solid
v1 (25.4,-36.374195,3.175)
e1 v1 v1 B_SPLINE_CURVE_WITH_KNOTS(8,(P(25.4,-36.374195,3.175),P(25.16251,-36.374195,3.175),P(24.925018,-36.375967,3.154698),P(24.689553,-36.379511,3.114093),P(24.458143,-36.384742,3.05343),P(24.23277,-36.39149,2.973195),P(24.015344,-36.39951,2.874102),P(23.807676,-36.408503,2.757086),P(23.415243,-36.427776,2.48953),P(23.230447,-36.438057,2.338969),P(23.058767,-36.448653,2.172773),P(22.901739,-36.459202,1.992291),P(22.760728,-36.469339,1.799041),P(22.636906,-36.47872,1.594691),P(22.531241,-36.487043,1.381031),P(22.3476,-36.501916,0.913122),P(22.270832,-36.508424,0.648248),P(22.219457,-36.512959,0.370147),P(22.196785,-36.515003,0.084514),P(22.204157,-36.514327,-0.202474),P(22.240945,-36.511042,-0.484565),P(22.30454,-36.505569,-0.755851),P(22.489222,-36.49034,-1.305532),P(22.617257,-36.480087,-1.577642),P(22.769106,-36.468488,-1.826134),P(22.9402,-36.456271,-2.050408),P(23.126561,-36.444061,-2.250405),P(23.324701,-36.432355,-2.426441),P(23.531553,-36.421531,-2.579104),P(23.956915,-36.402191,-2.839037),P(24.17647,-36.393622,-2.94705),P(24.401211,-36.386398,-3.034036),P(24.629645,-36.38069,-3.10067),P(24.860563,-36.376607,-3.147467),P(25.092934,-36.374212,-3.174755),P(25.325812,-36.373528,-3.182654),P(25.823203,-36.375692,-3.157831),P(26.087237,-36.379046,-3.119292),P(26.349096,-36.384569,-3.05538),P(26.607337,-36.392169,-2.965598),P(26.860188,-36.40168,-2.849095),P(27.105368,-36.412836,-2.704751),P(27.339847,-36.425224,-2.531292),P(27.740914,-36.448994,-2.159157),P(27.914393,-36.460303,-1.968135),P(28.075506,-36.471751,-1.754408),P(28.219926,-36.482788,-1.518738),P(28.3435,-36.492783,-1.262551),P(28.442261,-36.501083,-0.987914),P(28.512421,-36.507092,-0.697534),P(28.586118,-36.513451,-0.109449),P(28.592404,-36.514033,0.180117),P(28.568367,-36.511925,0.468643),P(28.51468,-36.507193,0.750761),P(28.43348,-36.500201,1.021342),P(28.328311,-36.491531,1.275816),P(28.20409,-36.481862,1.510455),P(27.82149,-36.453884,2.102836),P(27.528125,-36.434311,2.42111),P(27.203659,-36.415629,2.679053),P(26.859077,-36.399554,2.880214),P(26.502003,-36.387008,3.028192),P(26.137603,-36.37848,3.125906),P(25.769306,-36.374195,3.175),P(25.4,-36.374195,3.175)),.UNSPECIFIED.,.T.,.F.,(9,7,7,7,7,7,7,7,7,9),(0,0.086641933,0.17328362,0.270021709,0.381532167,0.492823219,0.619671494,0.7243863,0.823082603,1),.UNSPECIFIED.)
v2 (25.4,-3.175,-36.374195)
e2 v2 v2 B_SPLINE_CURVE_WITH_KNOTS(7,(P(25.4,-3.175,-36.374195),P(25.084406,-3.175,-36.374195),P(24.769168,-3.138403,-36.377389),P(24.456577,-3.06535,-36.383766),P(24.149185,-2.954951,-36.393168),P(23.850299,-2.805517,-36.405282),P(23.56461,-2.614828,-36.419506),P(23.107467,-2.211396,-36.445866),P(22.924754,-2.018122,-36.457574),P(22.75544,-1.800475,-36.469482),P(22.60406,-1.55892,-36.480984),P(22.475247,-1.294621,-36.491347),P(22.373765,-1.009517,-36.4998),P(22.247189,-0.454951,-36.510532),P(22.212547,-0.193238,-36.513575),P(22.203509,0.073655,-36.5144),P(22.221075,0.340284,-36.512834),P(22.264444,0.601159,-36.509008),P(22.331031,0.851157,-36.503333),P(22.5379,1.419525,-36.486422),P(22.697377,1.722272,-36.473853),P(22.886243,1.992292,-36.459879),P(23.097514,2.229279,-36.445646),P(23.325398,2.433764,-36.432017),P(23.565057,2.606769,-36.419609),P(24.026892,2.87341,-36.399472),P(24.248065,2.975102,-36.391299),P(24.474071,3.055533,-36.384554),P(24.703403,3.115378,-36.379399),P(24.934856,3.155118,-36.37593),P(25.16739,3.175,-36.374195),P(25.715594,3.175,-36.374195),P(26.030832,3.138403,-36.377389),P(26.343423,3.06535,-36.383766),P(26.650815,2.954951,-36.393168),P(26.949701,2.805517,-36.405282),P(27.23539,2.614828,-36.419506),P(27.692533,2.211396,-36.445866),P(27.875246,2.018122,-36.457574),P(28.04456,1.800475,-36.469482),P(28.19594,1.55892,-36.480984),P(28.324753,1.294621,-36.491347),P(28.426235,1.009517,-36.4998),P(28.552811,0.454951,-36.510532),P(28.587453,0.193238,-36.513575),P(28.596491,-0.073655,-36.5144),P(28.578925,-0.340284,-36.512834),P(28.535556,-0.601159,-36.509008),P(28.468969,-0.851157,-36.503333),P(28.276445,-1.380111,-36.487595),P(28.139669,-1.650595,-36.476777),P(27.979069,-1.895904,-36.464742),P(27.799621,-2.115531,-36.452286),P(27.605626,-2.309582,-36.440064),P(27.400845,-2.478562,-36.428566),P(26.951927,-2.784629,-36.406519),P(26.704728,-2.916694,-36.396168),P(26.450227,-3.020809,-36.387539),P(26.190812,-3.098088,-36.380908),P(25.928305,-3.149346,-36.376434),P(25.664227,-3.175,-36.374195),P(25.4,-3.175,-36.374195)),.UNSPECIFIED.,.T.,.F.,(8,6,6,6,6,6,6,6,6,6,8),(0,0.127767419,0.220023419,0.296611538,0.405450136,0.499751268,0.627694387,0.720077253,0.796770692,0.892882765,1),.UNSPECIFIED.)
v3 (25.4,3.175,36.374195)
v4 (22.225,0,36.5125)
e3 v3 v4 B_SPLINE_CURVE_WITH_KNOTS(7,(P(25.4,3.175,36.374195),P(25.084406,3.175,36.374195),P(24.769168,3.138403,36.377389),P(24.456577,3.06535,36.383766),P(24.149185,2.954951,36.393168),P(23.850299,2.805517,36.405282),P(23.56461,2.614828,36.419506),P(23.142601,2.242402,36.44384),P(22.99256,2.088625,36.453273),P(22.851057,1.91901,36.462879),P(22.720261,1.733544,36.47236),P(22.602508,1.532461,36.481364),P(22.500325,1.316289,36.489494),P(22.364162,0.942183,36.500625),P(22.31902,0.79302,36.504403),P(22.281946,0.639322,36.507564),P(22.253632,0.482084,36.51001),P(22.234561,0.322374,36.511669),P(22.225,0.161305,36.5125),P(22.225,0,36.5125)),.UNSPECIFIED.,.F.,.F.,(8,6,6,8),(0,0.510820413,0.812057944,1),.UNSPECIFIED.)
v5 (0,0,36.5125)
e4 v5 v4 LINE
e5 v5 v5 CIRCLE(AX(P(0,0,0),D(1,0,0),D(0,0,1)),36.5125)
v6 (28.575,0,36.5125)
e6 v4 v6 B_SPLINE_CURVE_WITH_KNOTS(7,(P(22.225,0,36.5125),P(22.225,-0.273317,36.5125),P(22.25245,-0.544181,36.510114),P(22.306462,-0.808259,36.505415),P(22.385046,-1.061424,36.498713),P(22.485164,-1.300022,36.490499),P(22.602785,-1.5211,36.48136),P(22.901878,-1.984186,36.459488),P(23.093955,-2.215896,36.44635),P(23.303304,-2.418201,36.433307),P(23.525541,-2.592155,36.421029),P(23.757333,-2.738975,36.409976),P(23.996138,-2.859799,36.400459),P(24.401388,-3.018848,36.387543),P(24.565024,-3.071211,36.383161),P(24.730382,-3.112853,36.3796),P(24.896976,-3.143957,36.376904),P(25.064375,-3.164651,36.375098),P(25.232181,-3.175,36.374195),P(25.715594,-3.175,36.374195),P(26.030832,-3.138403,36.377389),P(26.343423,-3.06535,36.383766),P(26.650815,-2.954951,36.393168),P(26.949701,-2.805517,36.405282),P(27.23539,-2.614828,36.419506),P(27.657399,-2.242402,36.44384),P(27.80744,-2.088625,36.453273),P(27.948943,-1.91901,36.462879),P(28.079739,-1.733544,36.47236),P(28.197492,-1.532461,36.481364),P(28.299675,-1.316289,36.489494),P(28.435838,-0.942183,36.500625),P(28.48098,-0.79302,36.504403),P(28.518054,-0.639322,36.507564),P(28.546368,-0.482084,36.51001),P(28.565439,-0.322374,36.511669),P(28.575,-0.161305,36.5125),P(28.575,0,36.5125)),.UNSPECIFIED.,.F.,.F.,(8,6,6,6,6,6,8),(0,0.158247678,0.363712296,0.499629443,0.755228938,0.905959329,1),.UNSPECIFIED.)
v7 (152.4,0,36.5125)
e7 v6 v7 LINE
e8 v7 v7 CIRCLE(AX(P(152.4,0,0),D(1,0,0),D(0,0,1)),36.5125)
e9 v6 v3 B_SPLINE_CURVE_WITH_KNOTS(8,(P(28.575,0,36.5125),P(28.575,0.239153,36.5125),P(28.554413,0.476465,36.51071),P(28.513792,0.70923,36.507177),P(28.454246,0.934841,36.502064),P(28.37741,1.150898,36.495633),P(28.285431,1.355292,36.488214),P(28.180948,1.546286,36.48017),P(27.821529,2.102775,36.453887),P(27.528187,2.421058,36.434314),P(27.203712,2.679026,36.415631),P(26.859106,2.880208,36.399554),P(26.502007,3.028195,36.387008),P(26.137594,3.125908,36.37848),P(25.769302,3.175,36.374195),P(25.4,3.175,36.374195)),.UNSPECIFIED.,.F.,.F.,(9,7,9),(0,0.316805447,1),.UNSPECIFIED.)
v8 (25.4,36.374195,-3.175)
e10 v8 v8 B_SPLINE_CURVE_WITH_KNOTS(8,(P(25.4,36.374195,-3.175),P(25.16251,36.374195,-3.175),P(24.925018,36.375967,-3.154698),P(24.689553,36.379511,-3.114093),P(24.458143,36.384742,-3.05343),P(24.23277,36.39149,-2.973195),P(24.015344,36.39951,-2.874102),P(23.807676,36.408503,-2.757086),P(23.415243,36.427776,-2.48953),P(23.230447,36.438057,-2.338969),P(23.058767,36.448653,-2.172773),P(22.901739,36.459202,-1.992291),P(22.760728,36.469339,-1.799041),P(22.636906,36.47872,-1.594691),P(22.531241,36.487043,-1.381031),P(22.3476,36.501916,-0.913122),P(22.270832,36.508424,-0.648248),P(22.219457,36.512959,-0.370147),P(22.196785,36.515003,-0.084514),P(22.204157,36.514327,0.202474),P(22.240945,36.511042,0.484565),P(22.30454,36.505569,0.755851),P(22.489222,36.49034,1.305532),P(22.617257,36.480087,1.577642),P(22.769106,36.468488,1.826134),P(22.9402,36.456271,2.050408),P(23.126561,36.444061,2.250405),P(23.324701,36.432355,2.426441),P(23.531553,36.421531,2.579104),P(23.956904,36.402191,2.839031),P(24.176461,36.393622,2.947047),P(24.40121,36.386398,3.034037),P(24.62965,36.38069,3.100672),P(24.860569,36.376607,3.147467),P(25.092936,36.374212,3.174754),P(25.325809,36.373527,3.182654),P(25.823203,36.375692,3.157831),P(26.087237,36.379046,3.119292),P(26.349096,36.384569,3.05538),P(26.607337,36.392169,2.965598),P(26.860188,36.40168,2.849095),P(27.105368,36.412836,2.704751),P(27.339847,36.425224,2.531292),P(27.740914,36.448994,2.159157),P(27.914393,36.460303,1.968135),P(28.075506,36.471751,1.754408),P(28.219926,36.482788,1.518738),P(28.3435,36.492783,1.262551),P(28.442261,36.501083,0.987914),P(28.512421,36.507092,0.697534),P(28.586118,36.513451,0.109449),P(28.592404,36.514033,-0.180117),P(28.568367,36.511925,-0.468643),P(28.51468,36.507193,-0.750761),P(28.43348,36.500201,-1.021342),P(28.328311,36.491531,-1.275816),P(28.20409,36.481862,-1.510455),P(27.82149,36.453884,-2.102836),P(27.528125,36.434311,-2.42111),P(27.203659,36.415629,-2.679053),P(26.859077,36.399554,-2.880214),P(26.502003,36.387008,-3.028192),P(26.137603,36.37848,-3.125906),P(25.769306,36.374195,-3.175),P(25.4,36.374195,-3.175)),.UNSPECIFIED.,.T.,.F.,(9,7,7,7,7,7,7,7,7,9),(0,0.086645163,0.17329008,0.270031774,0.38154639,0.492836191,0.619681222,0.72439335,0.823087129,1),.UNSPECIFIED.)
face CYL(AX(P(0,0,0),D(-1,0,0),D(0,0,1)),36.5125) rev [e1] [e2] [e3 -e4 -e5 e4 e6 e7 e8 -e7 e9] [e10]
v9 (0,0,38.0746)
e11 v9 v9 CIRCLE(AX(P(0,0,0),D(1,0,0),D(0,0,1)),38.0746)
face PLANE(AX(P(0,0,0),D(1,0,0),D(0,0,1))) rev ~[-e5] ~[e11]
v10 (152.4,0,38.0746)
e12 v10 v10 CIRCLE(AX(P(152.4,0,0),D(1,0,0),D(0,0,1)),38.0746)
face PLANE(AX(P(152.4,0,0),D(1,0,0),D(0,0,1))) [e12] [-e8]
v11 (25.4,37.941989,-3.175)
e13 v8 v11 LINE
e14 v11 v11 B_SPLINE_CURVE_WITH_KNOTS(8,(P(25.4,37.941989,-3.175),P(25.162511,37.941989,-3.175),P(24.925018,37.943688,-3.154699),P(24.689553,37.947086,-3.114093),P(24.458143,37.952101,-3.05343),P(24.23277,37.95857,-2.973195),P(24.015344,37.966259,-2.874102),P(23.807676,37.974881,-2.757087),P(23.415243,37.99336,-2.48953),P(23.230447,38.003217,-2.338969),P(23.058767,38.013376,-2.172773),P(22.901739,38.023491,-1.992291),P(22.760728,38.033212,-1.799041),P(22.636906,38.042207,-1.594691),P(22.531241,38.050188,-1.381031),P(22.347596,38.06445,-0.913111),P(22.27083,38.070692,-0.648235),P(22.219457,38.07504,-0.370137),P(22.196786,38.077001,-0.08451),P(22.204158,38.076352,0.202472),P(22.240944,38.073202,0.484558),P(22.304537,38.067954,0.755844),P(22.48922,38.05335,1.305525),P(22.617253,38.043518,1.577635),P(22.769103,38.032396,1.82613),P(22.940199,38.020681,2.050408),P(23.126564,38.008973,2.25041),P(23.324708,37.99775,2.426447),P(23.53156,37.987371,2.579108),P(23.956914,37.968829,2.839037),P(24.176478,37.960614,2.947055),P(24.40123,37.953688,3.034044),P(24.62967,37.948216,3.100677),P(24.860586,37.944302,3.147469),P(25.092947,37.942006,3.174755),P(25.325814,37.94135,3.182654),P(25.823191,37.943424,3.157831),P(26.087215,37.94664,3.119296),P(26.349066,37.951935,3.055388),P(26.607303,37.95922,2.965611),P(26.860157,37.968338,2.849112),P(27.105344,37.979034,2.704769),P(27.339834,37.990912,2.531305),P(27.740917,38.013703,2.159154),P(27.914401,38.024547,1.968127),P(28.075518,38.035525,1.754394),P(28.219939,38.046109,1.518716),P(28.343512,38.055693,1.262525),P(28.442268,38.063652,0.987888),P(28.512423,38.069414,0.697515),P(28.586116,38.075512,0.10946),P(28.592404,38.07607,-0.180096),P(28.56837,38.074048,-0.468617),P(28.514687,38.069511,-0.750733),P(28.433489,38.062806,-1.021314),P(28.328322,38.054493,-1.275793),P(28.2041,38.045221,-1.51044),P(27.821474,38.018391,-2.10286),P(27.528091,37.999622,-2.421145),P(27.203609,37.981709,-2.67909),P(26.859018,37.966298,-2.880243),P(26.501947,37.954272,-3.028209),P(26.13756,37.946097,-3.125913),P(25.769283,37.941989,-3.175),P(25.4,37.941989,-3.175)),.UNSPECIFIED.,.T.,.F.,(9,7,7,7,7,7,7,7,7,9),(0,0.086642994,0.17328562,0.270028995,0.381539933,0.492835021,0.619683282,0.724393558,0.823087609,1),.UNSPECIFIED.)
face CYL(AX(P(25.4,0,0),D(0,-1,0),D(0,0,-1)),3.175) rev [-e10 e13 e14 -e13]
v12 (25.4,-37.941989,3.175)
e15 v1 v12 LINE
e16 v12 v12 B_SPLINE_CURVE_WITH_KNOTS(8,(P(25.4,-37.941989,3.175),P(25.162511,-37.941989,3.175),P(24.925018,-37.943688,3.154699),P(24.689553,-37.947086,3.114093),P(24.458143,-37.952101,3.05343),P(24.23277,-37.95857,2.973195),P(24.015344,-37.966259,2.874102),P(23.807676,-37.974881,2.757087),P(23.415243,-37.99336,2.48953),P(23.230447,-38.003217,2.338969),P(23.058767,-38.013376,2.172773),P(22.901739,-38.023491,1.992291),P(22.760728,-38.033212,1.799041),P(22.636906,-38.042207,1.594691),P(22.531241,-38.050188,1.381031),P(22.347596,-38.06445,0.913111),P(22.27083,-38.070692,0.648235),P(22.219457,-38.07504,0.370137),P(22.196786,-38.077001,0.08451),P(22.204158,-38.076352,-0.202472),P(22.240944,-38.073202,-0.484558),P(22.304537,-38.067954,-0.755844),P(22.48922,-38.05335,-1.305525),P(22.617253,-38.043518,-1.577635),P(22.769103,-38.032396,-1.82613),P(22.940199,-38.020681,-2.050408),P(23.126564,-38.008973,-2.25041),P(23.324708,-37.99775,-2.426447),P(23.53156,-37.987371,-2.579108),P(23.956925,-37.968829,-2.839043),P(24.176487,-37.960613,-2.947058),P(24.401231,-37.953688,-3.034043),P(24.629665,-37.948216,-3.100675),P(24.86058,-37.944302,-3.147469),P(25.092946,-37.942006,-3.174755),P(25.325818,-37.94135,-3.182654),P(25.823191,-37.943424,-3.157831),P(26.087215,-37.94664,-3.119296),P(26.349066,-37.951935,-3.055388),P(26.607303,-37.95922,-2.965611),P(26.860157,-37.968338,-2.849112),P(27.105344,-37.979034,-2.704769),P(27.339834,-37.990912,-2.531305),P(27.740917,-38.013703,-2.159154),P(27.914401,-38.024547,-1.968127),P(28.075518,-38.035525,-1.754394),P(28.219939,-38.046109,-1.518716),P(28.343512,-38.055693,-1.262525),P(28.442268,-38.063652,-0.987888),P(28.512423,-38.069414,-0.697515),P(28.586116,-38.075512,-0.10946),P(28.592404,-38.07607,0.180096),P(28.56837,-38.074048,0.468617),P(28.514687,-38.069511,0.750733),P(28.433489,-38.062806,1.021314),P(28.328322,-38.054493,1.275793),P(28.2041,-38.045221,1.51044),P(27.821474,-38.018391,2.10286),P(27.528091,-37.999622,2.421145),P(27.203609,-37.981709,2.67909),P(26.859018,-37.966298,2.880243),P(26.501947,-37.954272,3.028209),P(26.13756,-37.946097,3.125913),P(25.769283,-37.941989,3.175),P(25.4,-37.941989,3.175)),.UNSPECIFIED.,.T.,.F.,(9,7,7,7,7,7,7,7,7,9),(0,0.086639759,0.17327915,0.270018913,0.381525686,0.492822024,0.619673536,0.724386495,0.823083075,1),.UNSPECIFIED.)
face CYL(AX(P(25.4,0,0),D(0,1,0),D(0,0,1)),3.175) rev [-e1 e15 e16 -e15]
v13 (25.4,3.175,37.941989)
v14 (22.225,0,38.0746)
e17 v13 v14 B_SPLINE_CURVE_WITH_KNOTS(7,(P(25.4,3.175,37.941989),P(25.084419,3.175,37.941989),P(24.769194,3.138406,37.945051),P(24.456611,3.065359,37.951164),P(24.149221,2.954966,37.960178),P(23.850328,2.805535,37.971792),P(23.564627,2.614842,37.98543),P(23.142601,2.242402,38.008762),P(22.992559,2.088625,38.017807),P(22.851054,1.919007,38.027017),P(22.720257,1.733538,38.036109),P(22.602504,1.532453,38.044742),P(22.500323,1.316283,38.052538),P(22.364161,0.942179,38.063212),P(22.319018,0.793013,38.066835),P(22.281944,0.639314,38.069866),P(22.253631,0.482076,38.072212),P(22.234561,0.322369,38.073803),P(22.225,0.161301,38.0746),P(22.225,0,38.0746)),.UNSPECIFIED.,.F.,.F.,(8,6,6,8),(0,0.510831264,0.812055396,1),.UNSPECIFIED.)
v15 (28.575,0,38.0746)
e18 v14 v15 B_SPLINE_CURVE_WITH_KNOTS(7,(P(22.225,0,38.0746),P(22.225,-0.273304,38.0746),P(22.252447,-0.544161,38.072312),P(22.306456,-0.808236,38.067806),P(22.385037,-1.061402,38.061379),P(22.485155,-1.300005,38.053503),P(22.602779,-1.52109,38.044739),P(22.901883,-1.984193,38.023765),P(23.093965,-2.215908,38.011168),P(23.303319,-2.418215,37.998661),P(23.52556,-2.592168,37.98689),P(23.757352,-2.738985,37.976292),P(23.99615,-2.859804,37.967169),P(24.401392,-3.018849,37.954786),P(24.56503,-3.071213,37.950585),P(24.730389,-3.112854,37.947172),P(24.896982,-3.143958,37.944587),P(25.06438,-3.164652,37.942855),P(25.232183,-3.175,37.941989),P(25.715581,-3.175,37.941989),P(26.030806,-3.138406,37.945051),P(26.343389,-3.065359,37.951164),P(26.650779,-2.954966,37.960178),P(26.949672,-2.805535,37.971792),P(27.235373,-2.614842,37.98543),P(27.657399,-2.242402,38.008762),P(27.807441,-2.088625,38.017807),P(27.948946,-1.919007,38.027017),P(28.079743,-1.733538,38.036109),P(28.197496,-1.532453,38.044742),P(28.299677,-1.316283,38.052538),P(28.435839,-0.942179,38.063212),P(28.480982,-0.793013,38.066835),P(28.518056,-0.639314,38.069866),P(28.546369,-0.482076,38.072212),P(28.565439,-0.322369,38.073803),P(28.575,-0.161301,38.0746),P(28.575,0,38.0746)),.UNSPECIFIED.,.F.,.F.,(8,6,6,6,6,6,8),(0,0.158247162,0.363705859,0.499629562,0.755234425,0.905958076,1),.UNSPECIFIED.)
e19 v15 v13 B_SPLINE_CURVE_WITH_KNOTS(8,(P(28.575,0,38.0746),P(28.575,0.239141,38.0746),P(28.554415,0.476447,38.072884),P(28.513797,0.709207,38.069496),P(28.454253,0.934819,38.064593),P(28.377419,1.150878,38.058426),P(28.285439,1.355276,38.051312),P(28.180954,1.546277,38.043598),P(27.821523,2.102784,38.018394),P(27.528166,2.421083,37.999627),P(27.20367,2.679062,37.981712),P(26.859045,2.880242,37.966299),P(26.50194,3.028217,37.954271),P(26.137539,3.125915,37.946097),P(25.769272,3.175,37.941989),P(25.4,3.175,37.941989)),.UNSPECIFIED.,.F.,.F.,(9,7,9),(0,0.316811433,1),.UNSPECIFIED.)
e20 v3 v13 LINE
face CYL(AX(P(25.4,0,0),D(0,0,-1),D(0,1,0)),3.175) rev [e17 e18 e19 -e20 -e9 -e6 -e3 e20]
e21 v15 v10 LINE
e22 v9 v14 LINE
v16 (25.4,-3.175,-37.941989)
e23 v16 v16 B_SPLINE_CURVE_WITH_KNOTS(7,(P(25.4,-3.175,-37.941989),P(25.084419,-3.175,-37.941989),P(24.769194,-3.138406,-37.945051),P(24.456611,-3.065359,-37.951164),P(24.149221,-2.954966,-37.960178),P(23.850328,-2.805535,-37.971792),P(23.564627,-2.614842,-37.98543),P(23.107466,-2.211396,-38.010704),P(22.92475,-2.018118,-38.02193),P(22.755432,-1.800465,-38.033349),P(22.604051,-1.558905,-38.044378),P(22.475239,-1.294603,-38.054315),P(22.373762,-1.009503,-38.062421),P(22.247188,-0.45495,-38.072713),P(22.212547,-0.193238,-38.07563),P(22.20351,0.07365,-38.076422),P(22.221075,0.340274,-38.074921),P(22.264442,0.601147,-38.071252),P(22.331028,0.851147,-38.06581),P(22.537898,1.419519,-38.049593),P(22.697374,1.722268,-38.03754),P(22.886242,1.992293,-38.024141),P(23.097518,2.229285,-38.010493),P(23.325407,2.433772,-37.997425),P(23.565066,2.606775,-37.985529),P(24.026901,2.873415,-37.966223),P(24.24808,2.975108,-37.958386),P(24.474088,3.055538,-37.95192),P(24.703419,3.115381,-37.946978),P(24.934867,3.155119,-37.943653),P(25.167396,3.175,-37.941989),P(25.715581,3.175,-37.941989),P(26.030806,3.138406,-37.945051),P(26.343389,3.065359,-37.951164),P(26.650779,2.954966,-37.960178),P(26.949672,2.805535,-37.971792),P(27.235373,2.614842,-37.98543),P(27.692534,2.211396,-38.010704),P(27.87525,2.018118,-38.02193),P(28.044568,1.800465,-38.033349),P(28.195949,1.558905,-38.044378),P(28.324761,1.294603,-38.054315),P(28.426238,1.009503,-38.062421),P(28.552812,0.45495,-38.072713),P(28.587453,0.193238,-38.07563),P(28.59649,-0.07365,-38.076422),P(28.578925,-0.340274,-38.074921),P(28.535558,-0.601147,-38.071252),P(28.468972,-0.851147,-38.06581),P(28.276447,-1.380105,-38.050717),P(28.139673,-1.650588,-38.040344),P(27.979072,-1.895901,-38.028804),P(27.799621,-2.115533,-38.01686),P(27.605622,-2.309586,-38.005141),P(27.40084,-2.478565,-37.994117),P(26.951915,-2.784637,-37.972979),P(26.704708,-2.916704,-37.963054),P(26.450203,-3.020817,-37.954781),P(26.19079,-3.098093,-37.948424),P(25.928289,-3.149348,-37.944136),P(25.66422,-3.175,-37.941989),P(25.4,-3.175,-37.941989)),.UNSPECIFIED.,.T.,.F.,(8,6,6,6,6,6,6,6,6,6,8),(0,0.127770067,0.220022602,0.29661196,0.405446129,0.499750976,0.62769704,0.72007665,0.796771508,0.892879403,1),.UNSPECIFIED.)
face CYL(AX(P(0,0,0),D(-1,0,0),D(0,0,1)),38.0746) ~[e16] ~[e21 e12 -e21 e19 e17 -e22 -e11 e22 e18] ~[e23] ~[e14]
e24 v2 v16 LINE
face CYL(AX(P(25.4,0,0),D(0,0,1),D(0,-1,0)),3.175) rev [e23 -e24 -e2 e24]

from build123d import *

# Parameters (mm, degrees)
SKETCH1_R           = 38.0746
SKETCH1_R_2         = 36.5125
BOSS_EXTRUDE1_DEPTH = 152.4
SKETCH3_R           = 3.175
CUT_EXTRUDE1_DEPTH  = 162.632640052
CIRPATTERN1_COUNT   = 4


with BuildPart() as part:
    # Sketch1 → Boss-Extrude1 (new body)
    with BuildSketch(Plane.YZ):
        with Locations(Location((0, 0, 0), (0, 0, 90))):
            Circle(SKETCH1_R)
        with Locations(Location((0, 0, 0), (0, 0, 90))):
            Circle(SKETCH1_R_2, mode=Mode.SUBTRACT)
    extrude(amount=BOSS_EXTRUDE1_DEPTH)

    # Sketch3 → Cut-Extrude1 (cut, through all)
    with BuildSketch(Plane(origin=(0, 0, 0), x_dir=(-1, 0, 0), z_dir=(0, 1, 0))):
        with Locations(Location((-25.4, 0, 0), (0, 0, 270))):
            Circle(SKETCH3_R)
    cut_extrude1 = extrude(amount=CUT_EXTRUDE1_DEPTH, mode=Mode.SUBTRACT)

    # CirPattern1: Cut-Extrude1 ×4 about axis
    cirpattern1_axis = Axis((152.4, 0, 0), (-1, 0, 0))
    for i in range(1, CIRPATTERN1_COUNT):
        add(cut_extrude1.rotate(cirpattern1_axis, i * 360 / CIRPATTERN1_COUNT), mode=Mode.SUBTRACT)


solid = part.part
